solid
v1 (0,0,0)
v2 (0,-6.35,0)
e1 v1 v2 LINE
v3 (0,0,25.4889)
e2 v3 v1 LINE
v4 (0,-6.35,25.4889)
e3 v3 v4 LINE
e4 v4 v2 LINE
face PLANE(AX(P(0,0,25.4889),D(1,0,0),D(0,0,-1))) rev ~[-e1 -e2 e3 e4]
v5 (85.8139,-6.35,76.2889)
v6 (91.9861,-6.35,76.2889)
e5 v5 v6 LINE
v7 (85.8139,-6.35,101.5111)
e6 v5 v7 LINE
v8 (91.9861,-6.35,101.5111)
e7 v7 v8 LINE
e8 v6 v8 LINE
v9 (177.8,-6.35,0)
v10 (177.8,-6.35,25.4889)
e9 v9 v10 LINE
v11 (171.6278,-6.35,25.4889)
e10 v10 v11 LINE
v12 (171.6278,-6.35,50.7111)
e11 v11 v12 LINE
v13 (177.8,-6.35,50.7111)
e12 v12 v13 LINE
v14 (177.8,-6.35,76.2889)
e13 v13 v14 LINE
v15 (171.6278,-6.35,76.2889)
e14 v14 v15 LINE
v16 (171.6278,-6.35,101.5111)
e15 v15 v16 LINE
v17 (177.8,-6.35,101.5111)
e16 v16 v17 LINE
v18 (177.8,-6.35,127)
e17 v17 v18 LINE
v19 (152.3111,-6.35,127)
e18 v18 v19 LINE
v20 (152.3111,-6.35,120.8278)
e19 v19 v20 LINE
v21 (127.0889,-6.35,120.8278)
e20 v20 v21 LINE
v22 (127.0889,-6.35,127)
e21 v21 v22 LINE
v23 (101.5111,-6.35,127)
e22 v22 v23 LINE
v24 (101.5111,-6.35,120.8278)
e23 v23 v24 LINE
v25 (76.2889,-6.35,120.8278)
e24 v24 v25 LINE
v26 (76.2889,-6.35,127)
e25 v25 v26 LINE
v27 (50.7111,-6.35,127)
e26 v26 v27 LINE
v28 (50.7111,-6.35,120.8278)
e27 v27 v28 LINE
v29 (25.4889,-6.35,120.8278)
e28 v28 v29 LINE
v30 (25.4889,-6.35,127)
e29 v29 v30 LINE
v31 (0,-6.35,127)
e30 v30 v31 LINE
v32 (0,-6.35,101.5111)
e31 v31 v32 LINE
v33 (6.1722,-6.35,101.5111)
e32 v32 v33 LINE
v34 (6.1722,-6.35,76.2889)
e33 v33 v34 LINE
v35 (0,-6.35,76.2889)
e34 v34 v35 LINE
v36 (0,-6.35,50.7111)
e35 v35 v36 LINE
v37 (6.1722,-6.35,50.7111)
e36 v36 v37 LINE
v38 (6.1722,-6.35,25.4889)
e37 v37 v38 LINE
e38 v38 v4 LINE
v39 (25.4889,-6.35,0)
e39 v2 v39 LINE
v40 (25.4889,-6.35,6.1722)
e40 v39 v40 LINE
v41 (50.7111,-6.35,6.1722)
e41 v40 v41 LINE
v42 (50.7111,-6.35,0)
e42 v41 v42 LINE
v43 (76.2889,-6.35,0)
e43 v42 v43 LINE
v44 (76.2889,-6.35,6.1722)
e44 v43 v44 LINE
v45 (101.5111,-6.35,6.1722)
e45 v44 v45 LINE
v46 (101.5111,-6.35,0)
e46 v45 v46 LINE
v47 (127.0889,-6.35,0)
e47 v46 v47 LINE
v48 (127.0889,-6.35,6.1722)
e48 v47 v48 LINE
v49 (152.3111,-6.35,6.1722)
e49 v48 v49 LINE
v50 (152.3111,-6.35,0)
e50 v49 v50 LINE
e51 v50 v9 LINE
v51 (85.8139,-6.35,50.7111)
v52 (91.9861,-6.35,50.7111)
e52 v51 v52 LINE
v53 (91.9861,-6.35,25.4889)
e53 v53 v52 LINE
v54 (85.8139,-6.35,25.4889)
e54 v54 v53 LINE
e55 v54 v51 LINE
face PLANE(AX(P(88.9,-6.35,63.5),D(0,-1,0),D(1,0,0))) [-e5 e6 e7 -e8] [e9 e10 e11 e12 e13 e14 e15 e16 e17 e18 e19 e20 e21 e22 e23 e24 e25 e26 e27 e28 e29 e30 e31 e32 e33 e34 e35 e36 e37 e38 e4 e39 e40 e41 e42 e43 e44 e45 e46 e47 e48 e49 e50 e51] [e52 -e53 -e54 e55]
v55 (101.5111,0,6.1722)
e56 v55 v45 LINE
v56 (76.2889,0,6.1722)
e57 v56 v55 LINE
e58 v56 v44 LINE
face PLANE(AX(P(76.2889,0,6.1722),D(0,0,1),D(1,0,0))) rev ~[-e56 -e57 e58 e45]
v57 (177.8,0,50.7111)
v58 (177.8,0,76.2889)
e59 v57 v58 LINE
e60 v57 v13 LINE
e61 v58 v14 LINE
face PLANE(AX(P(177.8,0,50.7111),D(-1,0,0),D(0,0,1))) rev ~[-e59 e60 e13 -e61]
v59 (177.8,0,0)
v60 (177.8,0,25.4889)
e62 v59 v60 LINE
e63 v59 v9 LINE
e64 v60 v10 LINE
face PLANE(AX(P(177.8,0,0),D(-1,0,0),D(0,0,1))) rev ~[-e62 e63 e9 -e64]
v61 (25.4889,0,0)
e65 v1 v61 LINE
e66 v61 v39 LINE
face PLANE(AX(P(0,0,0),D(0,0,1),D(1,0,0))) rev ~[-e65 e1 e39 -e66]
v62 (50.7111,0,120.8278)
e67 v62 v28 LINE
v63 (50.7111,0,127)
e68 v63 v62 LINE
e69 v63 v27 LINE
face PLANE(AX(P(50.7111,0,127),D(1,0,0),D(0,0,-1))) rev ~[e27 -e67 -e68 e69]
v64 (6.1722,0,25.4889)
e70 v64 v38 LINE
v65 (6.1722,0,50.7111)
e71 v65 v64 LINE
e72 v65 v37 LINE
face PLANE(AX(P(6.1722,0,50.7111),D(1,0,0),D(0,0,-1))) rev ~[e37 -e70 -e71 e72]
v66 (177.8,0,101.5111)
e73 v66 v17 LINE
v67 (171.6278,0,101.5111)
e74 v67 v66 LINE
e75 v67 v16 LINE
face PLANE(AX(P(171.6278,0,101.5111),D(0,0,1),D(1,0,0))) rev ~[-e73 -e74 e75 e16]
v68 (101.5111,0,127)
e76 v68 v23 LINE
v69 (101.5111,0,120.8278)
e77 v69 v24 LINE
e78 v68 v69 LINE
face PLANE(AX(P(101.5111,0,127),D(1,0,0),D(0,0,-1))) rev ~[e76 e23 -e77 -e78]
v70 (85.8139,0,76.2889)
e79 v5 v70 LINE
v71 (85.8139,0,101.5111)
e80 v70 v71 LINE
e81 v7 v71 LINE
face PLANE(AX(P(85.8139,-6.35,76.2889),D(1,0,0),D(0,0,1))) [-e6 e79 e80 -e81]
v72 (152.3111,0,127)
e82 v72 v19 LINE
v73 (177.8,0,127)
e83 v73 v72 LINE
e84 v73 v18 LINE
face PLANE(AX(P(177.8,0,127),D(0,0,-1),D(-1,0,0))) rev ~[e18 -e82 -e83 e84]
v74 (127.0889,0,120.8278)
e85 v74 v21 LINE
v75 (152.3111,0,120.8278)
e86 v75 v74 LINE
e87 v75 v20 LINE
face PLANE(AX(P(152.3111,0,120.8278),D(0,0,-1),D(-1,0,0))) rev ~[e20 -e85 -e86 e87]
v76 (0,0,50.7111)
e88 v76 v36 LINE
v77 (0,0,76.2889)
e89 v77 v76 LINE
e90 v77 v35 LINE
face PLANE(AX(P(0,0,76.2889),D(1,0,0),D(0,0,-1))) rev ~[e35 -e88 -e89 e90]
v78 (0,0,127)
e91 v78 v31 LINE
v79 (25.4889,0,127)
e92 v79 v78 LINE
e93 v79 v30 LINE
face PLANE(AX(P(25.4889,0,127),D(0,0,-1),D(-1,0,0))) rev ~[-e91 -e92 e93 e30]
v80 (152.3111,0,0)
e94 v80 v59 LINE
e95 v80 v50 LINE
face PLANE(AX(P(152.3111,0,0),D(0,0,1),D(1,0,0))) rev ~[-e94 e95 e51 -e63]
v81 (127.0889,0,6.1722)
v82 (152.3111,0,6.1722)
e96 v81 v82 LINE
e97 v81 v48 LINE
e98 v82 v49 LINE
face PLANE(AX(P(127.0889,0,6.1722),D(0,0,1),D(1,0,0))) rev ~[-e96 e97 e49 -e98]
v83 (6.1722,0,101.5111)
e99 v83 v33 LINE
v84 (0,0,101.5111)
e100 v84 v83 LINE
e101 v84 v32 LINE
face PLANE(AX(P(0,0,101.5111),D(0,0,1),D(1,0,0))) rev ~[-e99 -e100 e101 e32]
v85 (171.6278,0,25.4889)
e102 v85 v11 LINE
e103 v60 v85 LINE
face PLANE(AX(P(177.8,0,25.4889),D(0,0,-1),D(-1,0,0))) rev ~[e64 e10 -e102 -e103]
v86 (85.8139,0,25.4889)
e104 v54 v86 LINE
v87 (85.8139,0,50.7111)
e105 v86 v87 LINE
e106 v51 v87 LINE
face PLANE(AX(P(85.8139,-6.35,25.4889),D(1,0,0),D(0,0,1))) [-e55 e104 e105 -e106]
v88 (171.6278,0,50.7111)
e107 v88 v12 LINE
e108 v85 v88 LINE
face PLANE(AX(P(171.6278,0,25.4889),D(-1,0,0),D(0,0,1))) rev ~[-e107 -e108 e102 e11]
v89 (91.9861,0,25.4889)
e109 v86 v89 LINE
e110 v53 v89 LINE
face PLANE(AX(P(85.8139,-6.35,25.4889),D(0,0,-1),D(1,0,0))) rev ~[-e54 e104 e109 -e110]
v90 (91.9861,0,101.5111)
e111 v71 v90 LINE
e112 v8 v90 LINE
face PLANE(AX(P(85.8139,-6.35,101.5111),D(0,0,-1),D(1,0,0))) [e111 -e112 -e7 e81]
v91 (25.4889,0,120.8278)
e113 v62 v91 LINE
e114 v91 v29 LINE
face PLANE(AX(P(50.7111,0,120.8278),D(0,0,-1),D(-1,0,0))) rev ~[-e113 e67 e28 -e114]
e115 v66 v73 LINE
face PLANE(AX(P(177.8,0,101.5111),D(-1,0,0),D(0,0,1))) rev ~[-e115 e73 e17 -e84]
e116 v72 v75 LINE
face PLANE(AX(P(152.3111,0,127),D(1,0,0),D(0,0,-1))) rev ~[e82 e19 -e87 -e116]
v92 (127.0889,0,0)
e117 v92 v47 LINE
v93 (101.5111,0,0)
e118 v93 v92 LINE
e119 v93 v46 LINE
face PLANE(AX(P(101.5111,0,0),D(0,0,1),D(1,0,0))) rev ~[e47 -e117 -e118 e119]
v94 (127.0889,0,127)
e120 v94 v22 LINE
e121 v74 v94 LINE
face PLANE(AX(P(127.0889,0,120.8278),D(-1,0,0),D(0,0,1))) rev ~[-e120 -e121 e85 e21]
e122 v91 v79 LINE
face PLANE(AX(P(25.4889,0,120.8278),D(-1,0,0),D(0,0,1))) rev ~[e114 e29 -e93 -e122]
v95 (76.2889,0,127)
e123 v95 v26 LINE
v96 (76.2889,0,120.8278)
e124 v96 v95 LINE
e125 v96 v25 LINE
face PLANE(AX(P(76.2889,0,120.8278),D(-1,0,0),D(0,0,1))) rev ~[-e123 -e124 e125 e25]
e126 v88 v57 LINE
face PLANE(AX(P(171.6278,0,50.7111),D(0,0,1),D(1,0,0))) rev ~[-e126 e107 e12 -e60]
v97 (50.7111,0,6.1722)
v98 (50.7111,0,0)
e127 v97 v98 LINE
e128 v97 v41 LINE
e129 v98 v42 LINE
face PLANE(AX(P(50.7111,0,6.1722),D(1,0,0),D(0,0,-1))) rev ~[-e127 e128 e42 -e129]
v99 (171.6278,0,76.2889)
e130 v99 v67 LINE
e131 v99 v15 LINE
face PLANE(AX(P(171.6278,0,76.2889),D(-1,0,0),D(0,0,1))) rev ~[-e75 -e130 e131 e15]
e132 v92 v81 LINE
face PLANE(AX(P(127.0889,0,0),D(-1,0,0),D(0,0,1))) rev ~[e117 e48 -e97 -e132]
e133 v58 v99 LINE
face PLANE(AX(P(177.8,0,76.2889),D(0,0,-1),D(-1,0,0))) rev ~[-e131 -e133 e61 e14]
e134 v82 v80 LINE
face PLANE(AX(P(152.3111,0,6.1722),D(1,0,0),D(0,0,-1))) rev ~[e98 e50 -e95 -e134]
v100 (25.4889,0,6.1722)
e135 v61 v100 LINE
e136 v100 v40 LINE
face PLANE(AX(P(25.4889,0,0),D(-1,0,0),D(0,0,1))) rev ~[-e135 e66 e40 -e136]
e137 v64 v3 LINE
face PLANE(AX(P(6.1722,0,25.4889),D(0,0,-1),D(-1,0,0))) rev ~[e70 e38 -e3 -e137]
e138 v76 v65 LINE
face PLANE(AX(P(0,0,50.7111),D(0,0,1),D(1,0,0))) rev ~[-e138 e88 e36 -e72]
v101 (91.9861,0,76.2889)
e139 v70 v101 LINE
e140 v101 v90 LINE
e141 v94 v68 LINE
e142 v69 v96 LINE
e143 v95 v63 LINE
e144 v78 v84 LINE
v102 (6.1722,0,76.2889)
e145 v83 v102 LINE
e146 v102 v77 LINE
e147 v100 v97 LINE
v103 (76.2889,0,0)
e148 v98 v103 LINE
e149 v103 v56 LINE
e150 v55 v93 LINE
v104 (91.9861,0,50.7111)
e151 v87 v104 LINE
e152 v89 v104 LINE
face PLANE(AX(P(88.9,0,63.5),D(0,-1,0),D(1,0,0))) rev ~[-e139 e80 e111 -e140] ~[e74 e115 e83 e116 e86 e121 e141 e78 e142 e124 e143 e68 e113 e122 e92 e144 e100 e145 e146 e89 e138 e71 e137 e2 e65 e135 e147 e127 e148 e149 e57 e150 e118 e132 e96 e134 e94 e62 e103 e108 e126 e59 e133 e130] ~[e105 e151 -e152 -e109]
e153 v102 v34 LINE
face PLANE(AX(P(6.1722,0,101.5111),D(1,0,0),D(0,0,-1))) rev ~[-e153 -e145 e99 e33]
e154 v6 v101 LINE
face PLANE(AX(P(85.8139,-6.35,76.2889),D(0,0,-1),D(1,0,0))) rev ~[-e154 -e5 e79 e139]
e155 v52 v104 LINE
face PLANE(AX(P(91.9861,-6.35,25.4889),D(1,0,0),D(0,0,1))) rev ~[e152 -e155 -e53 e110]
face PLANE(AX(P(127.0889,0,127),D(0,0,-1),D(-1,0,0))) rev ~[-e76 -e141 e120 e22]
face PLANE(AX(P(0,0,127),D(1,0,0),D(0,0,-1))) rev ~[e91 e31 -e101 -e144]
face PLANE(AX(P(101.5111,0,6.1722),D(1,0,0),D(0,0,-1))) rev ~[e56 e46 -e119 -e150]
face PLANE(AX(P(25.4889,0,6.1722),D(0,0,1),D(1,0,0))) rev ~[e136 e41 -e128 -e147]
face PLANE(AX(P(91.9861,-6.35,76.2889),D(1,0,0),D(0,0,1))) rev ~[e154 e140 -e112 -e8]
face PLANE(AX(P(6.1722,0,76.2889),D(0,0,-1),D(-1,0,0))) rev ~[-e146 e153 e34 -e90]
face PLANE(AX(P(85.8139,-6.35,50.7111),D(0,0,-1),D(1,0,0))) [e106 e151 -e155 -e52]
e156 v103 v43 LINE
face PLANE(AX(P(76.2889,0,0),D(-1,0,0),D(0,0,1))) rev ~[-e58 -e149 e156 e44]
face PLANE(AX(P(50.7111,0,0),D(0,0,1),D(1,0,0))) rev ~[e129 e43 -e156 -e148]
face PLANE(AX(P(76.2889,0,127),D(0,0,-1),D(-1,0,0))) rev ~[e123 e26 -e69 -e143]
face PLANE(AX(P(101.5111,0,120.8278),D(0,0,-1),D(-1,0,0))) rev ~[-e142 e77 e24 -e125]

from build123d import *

# Parameters (mm, degrees)
F1_DEPTH = 6.35
F2_W     = 6.1722
F2_H     = 25.2222
F3_DEPTH = 6.351


with BuildPart() as f1:
    # F0 (on Front) → F1 (new body)
    with BuildSketch(Plane.XZ):
        Polygon((0, 25.4889), (0, 0), (25.4889, 0), (25.4889, 6.1722), (50.7111, 6.1722), (50.7111, 0), (76.2889, 0), (76.2889, 6.1722), (101.5111, 6.1722), (101.5111, 0), (127.0889, 0), (127.0889, 6.1722), (152.3111, 6.1722), (152.3111, 0), (177.8, 0), (177.8, 25.4889), (171.6278, 25.4889), (171.6278, 50.7111), (177.8, 50.7111), (177.8, 76.2889), (171.6278, 76.2889), (171.6278, 101.5111), (177.8, 101.5111), (177.8, 127), (152.3111, 127), (152.3111, 120.8278), (127.0889, 120.8278), (127.0889, 127), (101.5111, 127), (101.5111, 120.8278), (76.2889, 120.8278), (76.2889, 127), (50.7111, 127), (50.7111, 120.8278), (25.4889, 120.8278), (25.4889, 127), (0, 127), (0, 101.5111), (6.1722, 101.5111), (6.1722, 76.2889), (0, 76.2889), (0, 50.7111), (6.1722, 50.7111), (6.1722, 25.4889), align=None)
    extrude(amount=F1_DEPTH)

    # F2 (on face) → F3 (cut, through all)
    with BuildSketch(Plane.XZ.offset(6.35)):
        with Locations((88.9, 88.9)):
            Rectangle(F2_W, F2_H)
        with Locations((88.9, 38.1)):
            Rectangle(F2_W, F2_H)
    extrude(amount=-F3_DEPTH, mode=Mode.SUBTRACT)


solid = f1.part
